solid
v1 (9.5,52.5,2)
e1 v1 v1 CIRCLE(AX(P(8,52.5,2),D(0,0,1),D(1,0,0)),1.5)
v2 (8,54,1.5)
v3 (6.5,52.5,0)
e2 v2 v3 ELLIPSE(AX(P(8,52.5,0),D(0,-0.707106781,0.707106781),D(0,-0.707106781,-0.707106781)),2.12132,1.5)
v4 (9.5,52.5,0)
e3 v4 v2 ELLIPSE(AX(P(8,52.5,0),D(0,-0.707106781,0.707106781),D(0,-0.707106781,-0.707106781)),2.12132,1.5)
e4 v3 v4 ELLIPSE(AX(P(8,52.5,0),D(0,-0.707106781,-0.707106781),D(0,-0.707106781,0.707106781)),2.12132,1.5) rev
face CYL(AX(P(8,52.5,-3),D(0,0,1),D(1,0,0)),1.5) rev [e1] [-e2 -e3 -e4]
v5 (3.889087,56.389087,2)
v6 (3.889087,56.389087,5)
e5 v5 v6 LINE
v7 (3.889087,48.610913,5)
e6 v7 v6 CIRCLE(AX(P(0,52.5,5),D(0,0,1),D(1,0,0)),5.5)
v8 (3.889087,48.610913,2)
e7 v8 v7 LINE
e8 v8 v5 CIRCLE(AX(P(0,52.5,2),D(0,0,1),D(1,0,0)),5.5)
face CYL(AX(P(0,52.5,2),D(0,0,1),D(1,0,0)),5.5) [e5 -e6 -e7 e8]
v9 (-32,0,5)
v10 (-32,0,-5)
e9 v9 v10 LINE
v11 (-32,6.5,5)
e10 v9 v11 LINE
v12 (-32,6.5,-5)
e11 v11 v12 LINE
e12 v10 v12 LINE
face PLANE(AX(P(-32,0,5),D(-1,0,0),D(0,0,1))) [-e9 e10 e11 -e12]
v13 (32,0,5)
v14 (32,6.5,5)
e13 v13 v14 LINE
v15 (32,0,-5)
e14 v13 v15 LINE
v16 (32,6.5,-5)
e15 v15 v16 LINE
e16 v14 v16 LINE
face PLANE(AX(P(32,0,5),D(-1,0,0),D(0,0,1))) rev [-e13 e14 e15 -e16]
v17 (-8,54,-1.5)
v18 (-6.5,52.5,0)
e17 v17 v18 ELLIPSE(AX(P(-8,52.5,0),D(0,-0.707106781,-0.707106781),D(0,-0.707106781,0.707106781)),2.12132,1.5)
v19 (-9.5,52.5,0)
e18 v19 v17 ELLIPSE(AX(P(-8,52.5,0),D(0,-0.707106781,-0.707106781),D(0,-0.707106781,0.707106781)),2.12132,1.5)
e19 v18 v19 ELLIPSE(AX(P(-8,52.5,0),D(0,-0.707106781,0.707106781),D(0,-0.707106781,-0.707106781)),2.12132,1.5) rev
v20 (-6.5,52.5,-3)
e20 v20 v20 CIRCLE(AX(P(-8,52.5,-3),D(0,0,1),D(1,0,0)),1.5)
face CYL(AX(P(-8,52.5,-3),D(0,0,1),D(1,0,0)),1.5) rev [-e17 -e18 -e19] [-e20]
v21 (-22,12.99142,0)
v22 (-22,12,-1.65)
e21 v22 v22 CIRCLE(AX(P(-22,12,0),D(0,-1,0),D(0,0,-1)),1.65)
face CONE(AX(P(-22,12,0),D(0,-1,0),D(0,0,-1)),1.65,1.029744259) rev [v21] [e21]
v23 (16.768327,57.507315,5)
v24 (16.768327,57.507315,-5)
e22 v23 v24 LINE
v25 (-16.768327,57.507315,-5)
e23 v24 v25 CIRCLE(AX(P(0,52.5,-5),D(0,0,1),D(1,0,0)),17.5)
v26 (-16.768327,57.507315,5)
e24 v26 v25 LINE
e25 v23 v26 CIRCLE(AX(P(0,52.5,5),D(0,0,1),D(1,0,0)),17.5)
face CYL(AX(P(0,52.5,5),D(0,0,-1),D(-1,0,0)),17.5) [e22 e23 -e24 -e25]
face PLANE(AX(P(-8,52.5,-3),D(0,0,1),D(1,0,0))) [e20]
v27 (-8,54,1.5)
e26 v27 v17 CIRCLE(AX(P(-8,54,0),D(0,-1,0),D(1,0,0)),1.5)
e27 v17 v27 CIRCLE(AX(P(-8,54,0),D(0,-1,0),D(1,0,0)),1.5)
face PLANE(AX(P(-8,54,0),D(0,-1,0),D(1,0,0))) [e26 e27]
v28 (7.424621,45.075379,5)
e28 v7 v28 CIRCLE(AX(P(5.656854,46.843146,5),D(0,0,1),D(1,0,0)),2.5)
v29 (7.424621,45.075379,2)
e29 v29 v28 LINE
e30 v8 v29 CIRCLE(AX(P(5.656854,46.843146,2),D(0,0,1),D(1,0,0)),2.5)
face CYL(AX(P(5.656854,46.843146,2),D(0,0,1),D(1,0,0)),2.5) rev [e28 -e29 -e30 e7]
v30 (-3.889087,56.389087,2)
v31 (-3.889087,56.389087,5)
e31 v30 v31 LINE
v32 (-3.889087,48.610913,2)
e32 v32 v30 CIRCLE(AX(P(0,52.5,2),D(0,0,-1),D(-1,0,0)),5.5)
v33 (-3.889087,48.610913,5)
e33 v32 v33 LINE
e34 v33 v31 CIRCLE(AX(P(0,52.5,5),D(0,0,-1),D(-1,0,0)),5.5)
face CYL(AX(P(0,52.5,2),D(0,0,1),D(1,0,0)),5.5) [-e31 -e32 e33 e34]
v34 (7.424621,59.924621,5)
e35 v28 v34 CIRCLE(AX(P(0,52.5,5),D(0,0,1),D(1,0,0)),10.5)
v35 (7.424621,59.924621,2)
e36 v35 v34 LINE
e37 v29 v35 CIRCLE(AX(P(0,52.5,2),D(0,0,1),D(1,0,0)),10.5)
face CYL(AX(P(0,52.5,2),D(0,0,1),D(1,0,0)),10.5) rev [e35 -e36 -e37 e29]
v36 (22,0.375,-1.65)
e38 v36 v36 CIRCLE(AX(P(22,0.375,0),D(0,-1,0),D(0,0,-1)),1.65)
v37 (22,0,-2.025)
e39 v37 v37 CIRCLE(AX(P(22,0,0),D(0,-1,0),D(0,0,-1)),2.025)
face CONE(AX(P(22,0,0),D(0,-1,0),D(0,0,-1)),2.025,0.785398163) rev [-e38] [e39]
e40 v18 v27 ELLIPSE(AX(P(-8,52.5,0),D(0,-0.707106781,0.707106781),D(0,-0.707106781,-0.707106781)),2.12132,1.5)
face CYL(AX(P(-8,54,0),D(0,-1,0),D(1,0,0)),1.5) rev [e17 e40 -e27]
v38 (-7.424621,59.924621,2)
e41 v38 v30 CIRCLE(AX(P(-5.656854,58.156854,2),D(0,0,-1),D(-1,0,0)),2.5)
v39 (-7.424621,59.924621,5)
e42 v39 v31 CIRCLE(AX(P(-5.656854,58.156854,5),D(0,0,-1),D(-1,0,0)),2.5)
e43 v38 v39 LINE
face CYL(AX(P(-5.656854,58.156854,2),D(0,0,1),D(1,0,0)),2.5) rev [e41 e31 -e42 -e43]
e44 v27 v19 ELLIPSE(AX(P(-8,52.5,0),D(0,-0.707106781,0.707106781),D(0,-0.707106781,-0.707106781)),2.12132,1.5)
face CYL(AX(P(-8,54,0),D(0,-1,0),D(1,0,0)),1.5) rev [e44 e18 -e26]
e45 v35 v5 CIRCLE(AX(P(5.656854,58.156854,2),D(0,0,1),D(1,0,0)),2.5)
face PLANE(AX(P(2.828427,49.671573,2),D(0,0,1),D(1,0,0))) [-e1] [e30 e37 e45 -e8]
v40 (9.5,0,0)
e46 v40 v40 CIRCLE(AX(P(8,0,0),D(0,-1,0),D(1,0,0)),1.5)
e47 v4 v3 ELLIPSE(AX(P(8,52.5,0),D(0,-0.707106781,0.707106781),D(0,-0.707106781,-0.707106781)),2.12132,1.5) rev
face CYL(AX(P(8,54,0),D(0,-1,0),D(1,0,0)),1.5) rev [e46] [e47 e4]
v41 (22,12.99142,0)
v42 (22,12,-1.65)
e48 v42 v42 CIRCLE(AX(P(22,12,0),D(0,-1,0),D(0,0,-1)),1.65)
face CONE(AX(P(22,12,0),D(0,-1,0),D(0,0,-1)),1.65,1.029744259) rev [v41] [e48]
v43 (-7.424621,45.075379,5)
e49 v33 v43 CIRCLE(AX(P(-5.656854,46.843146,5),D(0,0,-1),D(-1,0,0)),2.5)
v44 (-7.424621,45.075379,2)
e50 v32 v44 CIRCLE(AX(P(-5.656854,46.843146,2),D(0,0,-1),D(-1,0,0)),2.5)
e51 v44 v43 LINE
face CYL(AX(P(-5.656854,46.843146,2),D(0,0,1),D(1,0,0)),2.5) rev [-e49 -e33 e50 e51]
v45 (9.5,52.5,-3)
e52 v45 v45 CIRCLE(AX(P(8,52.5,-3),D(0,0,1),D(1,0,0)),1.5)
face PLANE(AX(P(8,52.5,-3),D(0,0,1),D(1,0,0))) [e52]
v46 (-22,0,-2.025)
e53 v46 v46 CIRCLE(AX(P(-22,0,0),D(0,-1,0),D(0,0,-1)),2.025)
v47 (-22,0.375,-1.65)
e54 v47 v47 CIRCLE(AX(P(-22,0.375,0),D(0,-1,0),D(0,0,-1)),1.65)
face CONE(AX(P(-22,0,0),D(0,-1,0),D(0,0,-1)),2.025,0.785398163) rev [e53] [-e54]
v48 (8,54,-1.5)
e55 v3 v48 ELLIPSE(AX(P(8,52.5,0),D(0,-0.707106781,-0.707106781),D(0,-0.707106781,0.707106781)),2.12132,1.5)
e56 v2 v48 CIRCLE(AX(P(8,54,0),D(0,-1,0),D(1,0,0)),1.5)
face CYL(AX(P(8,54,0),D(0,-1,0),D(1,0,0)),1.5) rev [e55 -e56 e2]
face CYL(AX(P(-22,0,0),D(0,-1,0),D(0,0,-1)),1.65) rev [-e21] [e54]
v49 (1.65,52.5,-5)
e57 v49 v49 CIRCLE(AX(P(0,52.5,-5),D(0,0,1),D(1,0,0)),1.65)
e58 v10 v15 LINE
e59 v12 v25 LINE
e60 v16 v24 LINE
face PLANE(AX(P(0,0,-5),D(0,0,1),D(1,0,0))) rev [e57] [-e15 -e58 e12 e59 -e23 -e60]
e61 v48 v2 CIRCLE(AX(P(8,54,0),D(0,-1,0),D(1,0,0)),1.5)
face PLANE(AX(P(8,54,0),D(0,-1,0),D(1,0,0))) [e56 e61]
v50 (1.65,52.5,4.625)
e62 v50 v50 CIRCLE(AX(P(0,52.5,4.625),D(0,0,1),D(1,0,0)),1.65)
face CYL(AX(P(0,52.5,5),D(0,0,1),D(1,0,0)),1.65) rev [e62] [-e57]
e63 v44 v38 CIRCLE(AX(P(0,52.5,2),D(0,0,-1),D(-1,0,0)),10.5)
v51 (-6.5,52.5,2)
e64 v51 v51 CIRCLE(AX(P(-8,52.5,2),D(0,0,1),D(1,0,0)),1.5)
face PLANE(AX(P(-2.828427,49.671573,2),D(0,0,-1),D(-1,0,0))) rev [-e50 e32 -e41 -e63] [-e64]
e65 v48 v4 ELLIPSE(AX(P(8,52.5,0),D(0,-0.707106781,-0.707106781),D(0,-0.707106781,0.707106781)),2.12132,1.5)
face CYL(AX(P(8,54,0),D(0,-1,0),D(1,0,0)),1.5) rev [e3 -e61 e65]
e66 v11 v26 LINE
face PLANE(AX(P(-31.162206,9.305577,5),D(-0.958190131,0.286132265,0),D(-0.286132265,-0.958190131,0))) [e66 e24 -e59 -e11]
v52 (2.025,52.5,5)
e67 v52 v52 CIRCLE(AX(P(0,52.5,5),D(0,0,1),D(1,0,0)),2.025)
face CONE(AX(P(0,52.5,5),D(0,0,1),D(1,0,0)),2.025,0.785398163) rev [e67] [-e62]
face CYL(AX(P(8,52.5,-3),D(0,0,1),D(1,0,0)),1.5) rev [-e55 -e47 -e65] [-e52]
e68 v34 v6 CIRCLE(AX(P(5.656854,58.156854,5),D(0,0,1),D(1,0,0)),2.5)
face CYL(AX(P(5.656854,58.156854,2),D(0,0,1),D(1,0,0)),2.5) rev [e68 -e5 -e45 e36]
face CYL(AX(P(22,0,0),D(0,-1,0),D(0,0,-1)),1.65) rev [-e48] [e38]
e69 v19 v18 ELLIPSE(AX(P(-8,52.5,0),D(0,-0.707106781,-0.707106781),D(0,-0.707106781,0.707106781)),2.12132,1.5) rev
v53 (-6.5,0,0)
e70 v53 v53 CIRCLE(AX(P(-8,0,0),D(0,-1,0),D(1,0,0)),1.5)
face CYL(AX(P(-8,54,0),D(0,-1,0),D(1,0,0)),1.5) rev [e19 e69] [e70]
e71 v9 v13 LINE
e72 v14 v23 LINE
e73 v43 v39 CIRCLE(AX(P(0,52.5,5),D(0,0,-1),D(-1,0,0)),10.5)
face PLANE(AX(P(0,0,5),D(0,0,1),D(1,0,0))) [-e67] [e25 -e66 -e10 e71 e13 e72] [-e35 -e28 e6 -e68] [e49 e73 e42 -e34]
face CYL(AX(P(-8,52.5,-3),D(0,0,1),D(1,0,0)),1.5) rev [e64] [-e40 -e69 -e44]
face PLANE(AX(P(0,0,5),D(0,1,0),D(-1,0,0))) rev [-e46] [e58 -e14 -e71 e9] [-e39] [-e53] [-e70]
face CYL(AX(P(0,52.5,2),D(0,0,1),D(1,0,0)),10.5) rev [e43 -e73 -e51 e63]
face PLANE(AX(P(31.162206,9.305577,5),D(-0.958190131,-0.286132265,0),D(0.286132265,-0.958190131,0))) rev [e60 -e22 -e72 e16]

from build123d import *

# Parameters (mm, degrees)
Y_KSEKLIK_EKSTR_ZYON1_DEPTH = 5
M4_DI_LI_DELIK1_D           = 3.3
M4_DI_LI_DELIK1_CSINK_D     = 4.05
M4_DI_LI_DELIK1_CSINK_ANGLE = 90
M4_DI_LI_DELIK2_D           = 3.3
M4_DI_LI_DELIK2_DEPTH       = 12
M4_DI_LI_DELIK2_CSINK_D     = 4.05
M4_DI_LI_DELIK2_CSINK_ANGLE = 90
M4_DI_LI_DELIK2_TIP         = 0.991420021
IZIM12_R                    = 1.5
KES_EKSTR_ZYON1_DEPTH       = 54
KES_EKSTR_ZYON2_DEPTH       = 3
IZIM14_R                    = 1.5
KES_EKSTR_ZYON3_DEPTH       = 5


with BuildPart() as part:
    # Çizim2 → Yükseklik-Ekstrüzyon1 (new, symmetric)
    with BuildSketch(Plane.XY):
        with BuildLine():
            Line((-32, 0), (32, 0))
            Line((32, 0), (32, 6.5))
            Line((32, 6.5), (16.768327291, 57.507314637))
            ThreePointArc((16.768327291, 57.507314637), (0, 70), (-16.768327291, 57.507314637))
            Line((-16.768327291, 57.507314637), (-32, 6.5))
            Line((-32, 6.5), (-32, 0))
        make_face()
    extrude(amount=Y_KSEKLIK_EKSTR_ZYON1_DEPTH, both=True)

    # M4 Dişli Delik1 (through all)
    with Locations(Plane.XY.offset(5)):
        with Locations((0, 52.5)):
            CounterSinkHole(M4_DI_LI_DELIK1_D / 2, M4_DI_LI_DELIK1_CSINK_D / 2, counter_sink_angle=M4_DI_LI_DELIK1_CSINK_ANGLE)

    # M4 Dişli Delik2
    with Locations(Plane(origin=(0, 0, 0), x_dir=(-1, 0, 0), z_dir=(0, -1, 0))):
        with Locations((22, 0), (-22, 0)):
            CounterSinkHole(M4_DI_LI_DELIK2_D / 2, M4_DI_LI_DELIK2_CSINK_D / 2, depth=M4_DI_LI_DELIK2_DEPTH, counter_sink_angle=M4_DI_LI_DELIK2_CSINK_ANGLE)
            with Locations((0, 0, -(M4_DI_LI_DELIK2_DEPTH + M4_DI_LI_DELIK2_TIP / 2))):  # 118° drill point
                Cone(0, M4_DI_LI_DELIK2_D / 2, M4_DI_LI_DELIK2_TIP, mode=Mode.SUBTRACT)

    # Çizim12 → Kes-Ekstrüzyon1 (cut)
    with BuildSketch(Plane.XZ):
        with Locations((-8, 0)):
            Circle(IZIM12_R)
        with Locations((8, 0)):
            Circle(IZIM12_R)
    extrude(amount=-KES_EKSTR_ZYON1_DEPTH, mode=Mode.SUBTRACT)

    # Çizim13 → Kes-Ekstrüzyon2 (cut)
    with BuildSketch(Plane(origin=(0, 0, 5), x_dir=(-1, 0, 0), z_dir=(0, 0, -1))):
        with BuildLine():
            ThreePointArc((7.424621202, 45.075378798), (10.5, 52.5), (7.424621202, 59.924621202))
            ThreePointArc((7.424621202, 59.924621202), (3.889087297, 59.924621202), (3.889087297, 56.389087297))
            ThreePointArc((3.889087297, 56.389087297), (5.5, 52.5), (3.889087297, 48.610912703))
            ThreePointArc((3.889087297, 48.610912703), (3.889087297, 45.075378798), (7.424621202, 45.075378798))
        make_face()
        with BuildLine():
            ThreePointArc((-7.424621202, 45.075378798), (-10.5, 52.5), (-7.424621202, 59.924621202))
            ThreePointArc((-7.424621202, 59.924621202), (-3.889087297, 59.924621202), (-3.889087297, 56.389087297))
            ThreePointArc((-3.889087297, 56.389087297), (-5.5, 52.5), (-3.889087297, 48.610912703))
            ThreePointArc((-3.889087297, 48.610912703), (-3.889087297, 45.075378798), (-7.424621202, 45.075378798))
        make_face()
    extrude(amount=KES_EKSTR_ZYON2_DEPTH, mode=Mode.SUBTRACT)

    # Çizim14 → Kes-Ekstrüzyon3 (cut)
    with BuildSketch(Plane.XY.offset(2)):
        with Locations((-8, 52.5)):
            Circle(IZIM14_R)
        with Locations((8, 52.5)):
            Circle(IZIM14_R)
    extrude(amount=-KES_EKSTR_ZYON3_DEPTH, mode=Mode.SUBTRACT)


solid = part.part
